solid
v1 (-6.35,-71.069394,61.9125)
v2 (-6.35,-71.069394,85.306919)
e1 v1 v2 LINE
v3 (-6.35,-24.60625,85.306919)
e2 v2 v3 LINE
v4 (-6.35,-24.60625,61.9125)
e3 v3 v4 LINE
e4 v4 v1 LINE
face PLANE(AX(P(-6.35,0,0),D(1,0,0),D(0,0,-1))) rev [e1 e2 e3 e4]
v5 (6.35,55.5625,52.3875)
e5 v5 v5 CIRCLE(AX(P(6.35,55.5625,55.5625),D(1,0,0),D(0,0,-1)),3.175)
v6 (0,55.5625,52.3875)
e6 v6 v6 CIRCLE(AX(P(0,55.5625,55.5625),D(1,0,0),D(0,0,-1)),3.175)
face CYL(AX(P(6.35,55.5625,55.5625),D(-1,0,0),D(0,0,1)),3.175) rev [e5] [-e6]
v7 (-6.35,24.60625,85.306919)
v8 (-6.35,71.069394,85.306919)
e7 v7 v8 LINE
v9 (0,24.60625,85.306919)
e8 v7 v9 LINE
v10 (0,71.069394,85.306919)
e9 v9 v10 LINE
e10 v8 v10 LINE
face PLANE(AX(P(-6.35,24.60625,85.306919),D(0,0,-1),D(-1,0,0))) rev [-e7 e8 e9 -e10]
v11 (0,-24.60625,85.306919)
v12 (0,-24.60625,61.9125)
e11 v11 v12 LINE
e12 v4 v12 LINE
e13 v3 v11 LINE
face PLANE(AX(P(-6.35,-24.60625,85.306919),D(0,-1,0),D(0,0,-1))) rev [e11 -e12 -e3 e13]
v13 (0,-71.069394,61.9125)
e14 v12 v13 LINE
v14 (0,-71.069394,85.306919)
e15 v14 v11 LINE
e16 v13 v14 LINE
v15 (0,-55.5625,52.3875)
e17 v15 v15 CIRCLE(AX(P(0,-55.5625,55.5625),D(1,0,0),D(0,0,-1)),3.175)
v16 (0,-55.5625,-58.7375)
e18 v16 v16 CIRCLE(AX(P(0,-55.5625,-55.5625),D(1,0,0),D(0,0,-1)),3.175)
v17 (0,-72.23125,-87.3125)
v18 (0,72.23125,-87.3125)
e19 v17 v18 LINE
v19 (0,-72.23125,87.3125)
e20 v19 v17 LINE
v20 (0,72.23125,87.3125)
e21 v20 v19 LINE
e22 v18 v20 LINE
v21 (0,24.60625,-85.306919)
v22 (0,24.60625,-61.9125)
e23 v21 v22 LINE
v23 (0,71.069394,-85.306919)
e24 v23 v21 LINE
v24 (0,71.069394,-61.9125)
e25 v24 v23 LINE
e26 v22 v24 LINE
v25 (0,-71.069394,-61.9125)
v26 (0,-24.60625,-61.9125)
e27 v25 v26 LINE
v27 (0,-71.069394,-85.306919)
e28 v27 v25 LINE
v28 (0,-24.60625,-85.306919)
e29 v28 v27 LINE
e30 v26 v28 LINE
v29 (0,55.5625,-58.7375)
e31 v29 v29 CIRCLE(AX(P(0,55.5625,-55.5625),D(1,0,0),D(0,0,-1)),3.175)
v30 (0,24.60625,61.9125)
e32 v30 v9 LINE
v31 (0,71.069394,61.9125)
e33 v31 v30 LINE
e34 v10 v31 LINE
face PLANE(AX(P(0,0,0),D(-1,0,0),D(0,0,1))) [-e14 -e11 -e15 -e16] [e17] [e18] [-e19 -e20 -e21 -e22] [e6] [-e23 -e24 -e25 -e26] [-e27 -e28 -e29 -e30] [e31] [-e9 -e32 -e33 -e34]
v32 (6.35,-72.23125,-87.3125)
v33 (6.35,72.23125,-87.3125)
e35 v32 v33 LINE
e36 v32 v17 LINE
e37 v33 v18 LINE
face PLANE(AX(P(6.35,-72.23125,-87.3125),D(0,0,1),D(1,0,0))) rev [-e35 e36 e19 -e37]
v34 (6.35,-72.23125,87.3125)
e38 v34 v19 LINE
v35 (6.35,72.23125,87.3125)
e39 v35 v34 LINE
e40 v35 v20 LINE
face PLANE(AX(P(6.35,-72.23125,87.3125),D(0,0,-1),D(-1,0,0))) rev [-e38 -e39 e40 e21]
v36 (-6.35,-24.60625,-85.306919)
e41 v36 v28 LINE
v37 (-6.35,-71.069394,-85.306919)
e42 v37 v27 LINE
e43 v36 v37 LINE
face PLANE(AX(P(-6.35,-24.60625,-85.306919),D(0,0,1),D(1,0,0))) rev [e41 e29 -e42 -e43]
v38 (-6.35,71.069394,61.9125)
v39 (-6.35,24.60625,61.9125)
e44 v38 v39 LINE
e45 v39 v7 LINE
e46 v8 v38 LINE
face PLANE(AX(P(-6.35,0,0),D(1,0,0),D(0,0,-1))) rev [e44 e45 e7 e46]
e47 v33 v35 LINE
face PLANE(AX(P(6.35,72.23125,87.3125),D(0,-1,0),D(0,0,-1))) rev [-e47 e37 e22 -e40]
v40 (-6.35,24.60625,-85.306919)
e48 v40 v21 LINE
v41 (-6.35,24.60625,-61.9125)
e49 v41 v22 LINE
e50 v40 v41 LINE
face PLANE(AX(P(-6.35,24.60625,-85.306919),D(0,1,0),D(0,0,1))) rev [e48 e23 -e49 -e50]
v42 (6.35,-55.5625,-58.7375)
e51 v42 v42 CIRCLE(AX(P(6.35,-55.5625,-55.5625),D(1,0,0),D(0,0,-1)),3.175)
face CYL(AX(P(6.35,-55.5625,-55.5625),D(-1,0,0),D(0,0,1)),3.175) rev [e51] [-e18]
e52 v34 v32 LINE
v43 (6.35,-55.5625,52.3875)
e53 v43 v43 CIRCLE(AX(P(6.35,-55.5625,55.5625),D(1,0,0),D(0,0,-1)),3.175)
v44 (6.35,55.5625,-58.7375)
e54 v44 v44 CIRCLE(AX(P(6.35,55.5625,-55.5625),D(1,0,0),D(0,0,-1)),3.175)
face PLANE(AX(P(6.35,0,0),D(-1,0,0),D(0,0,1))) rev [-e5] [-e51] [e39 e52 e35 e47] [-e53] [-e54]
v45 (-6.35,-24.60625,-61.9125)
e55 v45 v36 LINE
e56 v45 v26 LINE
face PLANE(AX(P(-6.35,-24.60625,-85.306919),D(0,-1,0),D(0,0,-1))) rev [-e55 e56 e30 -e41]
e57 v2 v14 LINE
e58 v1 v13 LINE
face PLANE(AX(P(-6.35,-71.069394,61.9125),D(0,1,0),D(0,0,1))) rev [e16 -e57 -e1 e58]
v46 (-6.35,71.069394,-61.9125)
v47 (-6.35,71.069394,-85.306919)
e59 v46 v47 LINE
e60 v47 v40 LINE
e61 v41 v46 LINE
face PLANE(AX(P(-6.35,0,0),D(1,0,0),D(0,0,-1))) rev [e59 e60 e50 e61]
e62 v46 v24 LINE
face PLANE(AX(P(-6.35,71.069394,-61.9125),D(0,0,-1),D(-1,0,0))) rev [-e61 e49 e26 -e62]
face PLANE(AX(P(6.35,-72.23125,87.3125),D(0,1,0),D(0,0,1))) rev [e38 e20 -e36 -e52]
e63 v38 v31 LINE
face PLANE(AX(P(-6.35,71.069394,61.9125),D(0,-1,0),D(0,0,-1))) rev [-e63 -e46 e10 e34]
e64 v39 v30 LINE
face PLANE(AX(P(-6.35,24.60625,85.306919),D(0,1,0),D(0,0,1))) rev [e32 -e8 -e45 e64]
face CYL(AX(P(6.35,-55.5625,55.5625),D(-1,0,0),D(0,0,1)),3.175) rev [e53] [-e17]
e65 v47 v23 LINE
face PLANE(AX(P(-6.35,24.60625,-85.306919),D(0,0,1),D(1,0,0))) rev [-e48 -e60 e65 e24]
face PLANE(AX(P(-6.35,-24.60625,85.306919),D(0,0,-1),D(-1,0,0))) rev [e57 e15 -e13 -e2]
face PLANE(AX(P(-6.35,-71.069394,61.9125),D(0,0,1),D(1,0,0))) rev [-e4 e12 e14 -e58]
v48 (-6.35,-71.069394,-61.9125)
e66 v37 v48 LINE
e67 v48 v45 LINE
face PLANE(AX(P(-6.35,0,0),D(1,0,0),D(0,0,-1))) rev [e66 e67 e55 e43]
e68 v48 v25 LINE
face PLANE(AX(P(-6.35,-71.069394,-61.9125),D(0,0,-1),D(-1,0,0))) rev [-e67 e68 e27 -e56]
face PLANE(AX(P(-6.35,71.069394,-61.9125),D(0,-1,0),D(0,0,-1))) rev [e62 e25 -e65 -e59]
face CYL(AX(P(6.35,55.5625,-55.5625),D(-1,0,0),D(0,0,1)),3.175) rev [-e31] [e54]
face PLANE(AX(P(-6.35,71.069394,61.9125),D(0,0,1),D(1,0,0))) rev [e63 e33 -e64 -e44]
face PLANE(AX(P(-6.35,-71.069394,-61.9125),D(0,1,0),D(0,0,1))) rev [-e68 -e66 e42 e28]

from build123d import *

# Parameters (mm, degrees)
SKETCH1_W           = 174.625
SKETCH1_H           = 144.4625
SKETCH1_R           = 3.175
BOSS_EXTRUDE1_DEPTH = 6.35
SKETCH2_W           = 23.394418878
SKETCH2_H           = 46.463143603
BOSS_EXTRUDE2_DEPTH = 6.35


with BuildPart() as part:
    # Sketch1 → Boss-Extrude1 (new body)
    with BuildSketch(Plane(origin=(0, 0, 0), x_dir=(0, 0, -1), z_dir=(1, 0, 0))):
        Rectangle(SKETCH1_W, SKETCH1_H)
        with Locations((-55.5625, 55.5625)):
            Circle(SKETCH1_R, mode=Mode.SUBTRACT)
        with Locations((55.5625, 55.5625)):
            Circle(SKETCH1_R, mode=Mode.SUBTRACT)
        with Locations((55.5625, -55.5625)):
            Circle(SKETCH1_R, mode=Mode.SUBTRACT)
        with Locations((-55.5625, -55.5625)):
            Circle(SKETCH1_R, mode=Mode.SUBTRACT)
    extrude(amount=BOSS_EXTRUDE1_DEPTH)

    # Sketch2 → Boss-Extrude2 (add)
    with BuildSketch(Plane.ZY):
        with Locations((73.609709439, 47.837821802)):
            Rectangle(SKETCH2_W, SKETCH2_H)
        with Locations((-73.609709439, 47.837821802)):
            Rectangle(SKETCH2_W, SKETCH2_H)
        with Locations((-73.609709439, -47.837821802)):
            Rectangle(SKETCH2_W, SKETCH2_H)
        with Locations((73.609709439, -47.837821802)):
            Rectangle(SKETCH2_W, SKETCH2_H)
    extrude(amount=BOSS_EXTRUDE2_DEPTH)


solid = part.part
